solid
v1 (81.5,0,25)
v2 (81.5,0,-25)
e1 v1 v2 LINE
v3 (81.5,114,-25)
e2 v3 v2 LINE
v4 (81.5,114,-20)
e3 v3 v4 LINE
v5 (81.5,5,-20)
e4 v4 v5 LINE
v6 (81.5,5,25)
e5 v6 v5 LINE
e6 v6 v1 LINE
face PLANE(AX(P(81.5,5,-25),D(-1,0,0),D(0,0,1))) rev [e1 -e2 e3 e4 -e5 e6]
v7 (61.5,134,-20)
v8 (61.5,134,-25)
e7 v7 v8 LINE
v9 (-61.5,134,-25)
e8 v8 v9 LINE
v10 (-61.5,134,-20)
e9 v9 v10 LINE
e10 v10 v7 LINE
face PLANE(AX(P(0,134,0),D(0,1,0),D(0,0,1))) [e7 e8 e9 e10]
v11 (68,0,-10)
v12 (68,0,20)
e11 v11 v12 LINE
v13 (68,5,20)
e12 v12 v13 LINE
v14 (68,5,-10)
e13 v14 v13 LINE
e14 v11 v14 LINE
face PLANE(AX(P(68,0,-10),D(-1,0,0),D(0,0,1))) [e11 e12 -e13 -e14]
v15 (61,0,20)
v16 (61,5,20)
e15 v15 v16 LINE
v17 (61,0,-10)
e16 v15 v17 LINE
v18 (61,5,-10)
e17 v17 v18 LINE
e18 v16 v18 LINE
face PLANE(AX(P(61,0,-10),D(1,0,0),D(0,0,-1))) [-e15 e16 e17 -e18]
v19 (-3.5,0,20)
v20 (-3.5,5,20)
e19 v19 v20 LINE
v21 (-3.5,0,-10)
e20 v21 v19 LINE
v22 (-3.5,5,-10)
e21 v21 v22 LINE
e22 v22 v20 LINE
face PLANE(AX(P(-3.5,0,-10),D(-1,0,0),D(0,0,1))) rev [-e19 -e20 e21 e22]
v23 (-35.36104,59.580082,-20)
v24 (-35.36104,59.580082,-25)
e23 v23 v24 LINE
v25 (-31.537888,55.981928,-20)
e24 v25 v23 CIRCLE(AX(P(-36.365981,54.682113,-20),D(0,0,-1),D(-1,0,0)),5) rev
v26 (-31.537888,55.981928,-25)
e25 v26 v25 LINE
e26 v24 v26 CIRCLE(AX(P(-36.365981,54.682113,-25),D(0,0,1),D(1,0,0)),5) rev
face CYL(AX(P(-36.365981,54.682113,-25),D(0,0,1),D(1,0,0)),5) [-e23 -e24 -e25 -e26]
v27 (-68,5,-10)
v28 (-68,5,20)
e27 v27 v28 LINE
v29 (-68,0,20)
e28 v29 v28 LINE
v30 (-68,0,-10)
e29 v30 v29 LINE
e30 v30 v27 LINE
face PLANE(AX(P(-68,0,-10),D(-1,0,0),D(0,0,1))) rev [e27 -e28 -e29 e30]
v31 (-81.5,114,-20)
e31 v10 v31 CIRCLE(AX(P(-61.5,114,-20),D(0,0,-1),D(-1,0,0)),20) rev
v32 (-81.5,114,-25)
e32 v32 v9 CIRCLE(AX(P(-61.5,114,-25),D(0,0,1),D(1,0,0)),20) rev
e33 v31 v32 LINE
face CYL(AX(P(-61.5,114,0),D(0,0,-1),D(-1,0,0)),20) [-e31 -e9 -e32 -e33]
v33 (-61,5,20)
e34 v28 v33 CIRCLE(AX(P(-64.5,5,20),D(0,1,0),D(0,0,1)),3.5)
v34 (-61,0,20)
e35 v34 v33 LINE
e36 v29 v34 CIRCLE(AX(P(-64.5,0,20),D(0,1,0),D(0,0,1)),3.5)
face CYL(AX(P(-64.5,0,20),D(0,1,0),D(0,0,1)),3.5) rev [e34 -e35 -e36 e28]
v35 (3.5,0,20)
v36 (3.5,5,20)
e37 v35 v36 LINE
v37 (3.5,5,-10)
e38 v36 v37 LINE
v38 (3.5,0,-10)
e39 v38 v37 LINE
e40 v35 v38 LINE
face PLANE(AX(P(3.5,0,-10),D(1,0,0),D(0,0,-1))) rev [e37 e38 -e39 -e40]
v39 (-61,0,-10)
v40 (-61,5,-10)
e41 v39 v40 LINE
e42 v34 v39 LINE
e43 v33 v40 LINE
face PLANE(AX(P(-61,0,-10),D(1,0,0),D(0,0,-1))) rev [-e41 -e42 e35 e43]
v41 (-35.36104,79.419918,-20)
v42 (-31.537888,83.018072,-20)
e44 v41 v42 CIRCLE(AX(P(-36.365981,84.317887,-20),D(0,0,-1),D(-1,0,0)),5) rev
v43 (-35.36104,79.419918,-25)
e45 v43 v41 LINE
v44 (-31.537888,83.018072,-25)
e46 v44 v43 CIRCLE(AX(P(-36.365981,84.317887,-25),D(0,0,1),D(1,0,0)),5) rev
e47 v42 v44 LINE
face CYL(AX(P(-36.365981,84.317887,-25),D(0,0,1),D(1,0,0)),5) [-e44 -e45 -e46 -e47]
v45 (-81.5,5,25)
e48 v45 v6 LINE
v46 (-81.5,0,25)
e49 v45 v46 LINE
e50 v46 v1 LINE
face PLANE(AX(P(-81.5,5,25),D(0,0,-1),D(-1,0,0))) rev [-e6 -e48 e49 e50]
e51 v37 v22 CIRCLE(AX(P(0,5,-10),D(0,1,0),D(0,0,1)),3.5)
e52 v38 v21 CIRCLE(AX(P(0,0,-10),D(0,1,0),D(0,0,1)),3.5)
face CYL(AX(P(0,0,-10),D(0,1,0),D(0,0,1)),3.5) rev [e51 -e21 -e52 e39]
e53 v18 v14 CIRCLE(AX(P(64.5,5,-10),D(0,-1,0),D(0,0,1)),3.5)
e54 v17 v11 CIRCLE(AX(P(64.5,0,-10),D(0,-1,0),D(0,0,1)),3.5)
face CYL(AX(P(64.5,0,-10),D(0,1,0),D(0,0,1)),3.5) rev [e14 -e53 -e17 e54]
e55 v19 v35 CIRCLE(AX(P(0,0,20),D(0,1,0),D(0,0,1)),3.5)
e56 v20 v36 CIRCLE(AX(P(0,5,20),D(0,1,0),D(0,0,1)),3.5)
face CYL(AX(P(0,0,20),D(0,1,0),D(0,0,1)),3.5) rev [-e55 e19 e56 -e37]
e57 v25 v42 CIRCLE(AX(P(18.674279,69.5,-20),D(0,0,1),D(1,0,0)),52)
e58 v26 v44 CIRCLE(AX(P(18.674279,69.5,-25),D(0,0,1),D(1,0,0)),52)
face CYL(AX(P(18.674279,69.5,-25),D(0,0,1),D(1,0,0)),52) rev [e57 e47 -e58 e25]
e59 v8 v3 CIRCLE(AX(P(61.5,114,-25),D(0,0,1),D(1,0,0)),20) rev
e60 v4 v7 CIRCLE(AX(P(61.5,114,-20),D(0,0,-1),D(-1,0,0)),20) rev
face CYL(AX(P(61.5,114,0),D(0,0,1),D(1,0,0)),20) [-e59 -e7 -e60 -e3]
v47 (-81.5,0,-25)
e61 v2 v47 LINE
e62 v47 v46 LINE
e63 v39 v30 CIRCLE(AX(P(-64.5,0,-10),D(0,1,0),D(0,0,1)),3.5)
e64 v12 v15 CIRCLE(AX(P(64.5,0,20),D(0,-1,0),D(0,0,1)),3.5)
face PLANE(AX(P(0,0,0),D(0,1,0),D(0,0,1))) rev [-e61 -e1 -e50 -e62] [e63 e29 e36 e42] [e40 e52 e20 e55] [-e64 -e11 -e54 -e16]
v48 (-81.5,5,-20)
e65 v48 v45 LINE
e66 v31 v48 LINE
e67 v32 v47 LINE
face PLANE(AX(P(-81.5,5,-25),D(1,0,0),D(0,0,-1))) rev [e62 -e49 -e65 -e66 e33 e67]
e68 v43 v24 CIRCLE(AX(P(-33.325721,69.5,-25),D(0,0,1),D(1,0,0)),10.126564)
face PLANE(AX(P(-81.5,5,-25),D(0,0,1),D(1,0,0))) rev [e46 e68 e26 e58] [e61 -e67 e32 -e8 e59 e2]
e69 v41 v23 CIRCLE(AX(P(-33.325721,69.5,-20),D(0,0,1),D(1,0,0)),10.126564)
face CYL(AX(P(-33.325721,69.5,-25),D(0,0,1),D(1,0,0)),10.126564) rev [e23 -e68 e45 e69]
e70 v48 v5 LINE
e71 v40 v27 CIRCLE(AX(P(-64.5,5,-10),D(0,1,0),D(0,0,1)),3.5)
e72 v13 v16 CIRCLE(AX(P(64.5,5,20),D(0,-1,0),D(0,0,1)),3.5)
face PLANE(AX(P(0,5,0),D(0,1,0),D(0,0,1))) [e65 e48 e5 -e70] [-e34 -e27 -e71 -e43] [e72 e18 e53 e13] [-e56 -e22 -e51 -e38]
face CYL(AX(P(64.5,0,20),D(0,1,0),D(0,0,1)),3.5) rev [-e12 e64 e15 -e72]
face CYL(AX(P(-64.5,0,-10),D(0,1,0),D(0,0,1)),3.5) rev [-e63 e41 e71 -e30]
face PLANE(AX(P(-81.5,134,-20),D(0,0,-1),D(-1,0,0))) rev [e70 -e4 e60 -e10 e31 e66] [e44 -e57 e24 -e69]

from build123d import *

# Parameters (mm, degrees)
SKETCH1_W           = 163
SKETCH1_H           = 50
BOSS_EXTRUDE1_DEPTH = 5
SKETCH6_W           = 163
SKETCH6_H           = 5
BOSS_EXTRUDE2_DEPTH = 129
CUT_EXTRUDE1_DEPTH  = 164.166326183
FILLET1_R           = 5
FILLET2_R           = 20
CUT_EXTRUDE2_DEPTH  = 155.622928594
CUT_EXTRUDE3_DEPTH  = 155.622928594


with BuildPart() as part:
    # Sketch1 → Boss-Extrude1 (new body)
    with BuildSketch(Plane(origin=(0, 0, 0), x_dir=(1, 0, 0), z_dir=(0, 1, 0))):
        Rectangle(SKETCH1_W, SKETCH1_H)
    extrude(amount=BOSS_EXTRUDE1_DEPTH)

    # Sketch6 → Boss-Extrude2 (add)
    with BuildSketch(Plane(origin=(0, 5, 0), x_dir=(1, 0, 0), z_dir=(0, 1, 0))):
        with Locations((0, 22.5)):
            Rectangle(SKETCH6_W, SKETCH6_H)
    extrude(amount=BOSS_EXTRUDE2_DEPTH)

    # Sketch7 → Cut-Extrude1 (cut, through all)
    with BuildSketch(Plane.XY.offset(-20)):
        with BuildLine():
            ThreePointArc((-32.33968901, 59.421555555), (70.67427925, 69.5), (-32.33968901, 79.578444445))
            ThreePointArc((-32.33968901, 79.578444445), (-43.452284877, 69.5), (-32.33968901, 59.421555555))
        make_face()
    extrude(amount=-CUT_EXTRUDE1_DEPTH, mode=Mode.SUBTRACT)

    # Fillet1
    fillet1_edges = [part.edges().sort_by_distance(p)[0] for p in [
        (-32.33968901, 59.421555555, -22.5),
        (-32.33968901, 79.578444445, -22.5),
    ]]
    fillet(fillet1_edges, radius=FILLET1_R)

    # Fillet2
    fillet2_edges = [part.edges().sort_by_distance(p)[0] for p in [
        (-81.5, 134, -22.5),
        (81.5, 134, -22.5),
    ]]
    fillet(fillet2_edges, radius=FILLET2_R)

    # Sketch9 → Cut-Extrude2 (cut, through all)
    with BuildSketch(Plane(origin=(0, 5, 0), x_dir=(1, 0, 0), z_dir=(0, 1, 0))):
        with BuildLine():
            Line((-61, 10), (-61, -20))
            ThreePointArc((-61, -20), (-64.5, -23.5), (-68, -20))
            Line((-68, -20), (-68, 10))
            ThreePointArc((-68, 10), (-64.5, 13.5), (-61, 10))
        make_face()
    cut_extrude2 = extrude(amount=-CUT_EXTRUDE2_DEPTH, mode=Mode.SUBTRACT)

    # Mirror3: Cut-Extrude2 across plane
    add(cut_extrude2.mirror(Plane(origin=(0, 0, 0), x_dir=(0, 0, 1), z_dir=(1, 0, 0))), mode=Mode.SUBTRACT)

    # Sketch10 → Cut-Extrude3 (cut, through all)
    with BuildSketch(Plane(origin=(0, 5, 0), x_dir=(1, 0, 0), z_dir=(0, 1, 0))):
        with BuildLine():
            Line((3.5, 10), (3.5, -20))
            ThreePointArc((3.5, -20), (0, -23.5), (-3.5, -20))
            Line((-3.5, -20), (-3.5, 10))
            ThreePointArc((-3.5, 10), (0, 13.5), (3.5, 10))
        make_face()
    extrude(amount=-CUT_EXTRUDE3_DEPTH, mode=Mode.SUBTRACT)


solid = part.part
